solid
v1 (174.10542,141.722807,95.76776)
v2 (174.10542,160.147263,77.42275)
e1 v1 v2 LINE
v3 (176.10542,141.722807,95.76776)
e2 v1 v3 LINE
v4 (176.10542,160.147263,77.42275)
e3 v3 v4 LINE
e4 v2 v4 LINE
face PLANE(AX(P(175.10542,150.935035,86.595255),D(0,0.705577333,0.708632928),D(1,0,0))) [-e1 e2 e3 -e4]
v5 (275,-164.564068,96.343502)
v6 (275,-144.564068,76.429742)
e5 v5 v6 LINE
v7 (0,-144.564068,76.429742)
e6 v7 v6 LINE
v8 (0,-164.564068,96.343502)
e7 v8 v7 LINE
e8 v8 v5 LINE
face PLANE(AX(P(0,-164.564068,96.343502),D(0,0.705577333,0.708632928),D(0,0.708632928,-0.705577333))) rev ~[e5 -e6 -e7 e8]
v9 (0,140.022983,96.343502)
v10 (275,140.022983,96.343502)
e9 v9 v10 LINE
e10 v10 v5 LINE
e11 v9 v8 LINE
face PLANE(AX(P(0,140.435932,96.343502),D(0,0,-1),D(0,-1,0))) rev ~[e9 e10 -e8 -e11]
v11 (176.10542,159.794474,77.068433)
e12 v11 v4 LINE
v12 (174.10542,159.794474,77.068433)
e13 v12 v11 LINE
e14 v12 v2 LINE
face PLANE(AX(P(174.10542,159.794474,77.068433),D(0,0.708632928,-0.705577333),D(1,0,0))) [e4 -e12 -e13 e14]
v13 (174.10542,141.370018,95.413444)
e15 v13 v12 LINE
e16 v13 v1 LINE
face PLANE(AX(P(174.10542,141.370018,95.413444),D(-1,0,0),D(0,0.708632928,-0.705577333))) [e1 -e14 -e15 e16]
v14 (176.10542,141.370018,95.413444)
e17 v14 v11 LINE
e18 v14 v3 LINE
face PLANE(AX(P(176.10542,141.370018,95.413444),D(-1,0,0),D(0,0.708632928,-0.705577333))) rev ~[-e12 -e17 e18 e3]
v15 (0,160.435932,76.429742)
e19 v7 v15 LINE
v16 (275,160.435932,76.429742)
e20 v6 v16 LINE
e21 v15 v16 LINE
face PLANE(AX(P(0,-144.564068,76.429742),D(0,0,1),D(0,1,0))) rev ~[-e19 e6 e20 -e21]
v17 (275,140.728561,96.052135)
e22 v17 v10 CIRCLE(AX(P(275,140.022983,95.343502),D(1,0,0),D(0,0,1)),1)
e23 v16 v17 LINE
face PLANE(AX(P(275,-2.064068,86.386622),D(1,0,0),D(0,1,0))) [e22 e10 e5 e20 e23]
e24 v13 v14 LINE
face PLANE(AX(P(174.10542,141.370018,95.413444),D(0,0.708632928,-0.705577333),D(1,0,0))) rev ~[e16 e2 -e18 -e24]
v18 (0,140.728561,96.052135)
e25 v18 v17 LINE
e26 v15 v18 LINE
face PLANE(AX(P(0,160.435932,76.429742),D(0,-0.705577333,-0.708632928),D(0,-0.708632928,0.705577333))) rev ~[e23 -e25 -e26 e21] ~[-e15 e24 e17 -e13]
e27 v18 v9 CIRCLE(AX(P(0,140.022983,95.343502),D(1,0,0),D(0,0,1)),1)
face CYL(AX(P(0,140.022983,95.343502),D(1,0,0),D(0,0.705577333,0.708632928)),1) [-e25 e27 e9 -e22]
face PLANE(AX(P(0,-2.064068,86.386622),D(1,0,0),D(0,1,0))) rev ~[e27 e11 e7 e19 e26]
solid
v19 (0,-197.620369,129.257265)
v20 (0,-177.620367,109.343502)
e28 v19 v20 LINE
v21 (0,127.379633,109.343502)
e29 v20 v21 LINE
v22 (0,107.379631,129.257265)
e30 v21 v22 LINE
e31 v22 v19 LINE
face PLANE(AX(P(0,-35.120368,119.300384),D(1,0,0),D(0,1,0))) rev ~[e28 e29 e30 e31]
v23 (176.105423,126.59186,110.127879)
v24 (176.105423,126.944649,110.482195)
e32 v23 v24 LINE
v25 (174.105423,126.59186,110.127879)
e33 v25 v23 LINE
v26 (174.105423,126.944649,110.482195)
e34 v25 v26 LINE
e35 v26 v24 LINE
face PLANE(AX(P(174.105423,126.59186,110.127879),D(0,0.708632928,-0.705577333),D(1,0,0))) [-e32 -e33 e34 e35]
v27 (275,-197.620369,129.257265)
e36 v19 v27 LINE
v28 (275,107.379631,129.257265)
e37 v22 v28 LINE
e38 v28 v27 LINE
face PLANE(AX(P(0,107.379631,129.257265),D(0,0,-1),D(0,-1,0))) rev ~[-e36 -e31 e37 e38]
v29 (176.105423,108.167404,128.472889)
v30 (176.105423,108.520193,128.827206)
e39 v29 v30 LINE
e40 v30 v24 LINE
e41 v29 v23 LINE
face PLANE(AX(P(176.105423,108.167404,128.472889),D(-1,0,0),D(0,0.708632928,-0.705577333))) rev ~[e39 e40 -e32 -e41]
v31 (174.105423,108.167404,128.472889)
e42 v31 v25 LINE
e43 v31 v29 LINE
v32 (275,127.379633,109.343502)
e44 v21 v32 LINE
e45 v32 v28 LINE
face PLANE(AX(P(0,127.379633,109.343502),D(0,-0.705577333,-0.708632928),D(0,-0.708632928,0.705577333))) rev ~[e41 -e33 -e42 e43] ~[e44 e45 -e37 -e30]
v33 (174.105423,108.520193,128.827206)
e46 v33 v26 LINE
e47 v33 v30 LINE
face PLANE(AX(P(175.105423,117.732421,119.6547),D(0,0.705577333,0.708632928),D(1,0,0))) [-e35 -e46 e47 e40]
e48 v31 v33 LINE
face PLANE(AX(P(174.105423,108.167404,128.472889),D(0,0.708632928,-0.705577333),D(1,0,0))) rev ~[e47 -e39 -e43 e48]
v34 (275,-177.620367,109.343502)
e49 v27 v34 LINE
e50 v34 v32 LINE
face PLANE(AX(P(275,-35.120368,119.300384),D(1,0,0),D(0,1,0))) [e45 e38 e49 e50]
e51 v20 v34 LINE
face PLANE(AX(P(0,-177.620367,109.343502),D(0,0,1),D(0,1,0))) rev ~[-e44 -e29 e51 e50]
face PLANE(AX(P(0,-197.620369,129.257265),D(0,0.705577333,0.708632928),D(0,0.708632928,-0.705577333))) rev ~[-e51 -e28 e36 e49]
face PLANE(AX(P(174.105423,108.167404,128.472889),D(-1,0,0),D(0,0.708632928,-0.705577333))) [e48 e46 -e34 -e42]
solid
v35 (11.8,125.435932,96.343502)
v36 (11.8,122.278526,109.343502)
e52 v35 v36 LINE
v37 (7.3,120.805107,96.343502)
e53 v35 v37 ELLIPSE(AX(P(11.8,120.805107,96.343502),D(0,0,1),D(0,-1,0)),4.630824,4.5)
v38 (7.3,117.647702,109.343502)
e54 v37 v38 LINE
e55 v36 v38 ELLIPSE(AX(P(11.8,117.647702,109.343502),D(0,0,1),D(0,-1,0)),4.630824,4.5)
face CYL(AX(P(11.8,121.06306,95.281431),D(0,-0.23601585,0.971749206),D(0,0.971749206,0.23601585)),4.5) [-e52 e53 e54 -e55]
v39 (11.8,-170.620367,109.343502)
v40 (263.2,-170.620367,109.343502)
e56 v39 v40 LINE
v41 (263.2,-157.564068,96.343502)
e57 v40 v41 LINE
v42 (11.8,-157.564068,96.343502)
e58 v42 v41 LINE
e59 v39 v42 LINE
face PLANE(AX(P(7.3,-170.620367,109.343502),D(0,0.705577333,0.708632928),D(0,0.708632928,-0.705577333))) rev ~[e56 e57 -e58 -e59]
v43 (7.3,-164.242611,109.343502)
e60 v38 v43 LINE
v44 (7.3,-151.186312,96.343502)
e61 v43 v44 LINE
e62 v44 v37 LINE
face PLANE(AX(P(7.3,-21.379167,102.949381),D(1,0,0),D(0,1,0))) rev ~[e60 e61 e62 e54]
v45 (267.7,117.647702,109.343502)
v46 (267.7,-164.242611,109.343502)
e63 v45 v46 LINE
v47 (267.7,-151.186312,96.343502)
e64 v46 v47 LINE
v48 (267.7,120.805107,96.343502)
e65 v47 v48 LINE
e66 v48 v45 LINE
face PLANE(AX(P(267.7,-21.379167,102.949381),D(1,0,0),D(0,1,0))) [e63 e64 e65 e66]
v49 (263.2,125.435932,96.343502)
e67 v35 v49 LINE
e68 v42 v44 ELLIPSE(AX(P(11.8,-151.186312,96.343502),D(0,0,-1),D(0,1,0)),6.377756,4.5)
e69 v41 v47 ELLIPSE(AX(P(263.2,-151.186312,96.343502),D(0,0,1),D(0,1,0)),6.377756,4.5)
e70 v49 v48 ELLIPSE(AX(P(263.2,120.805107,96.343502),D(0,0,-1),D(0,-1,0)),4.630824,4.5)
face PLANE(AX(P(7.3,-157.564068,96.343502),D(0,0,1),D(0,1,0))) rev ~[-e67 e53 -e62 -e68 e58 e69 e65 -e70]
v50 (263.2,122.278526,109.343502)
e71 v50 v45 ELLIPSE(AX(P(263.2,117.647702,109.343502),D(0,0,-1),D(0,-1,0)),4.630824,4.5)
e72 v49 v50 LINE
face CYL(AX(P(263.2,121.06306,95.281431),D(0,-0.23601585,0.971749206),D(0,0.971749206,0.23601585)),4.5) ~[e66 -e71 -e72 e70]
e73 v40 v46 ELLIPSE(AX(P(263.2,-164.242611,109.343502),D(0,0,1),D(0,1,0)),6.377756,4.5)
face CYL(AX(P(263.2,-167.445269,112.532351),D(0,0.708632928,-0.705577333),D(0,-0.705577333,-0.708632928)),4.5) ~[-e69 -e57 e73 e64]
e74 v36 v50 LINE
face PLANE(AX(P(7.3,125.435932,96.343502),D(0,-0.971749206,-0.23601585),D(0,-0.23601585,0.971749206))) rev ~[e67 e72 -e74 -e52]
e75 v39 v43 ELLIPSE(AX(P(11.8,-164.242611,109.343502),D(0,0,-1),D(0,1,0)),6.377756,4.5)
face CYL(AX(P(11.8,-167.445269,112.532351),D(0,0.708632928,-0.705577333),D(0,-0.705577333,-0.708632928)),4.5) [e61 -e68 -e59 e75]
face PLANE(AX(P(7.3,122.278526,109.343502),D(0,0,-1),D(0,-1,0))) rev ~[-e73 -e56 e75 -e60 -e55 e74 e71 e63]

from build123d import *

# Parameters (mm, degrees)
F3_DEPTH  = 275
F4_START  = 7.3
F4_DEPTH  = 260.4
F5_DEPTH  = 275
F6_R      = 1
F7_R      = 4.5
F8_W      = 2
F8_H      = 26
F9_DEPTH  = 0.5
F11_W     = 2
F11_H     = 26
F12_DEPTH = 0.5


with BuildPart() as f3:
    # F0 (on Right) → F3 (new body)
    with BuildSketch(Plane.YZ):
        Polygon((-164.5640683174, 96.3435024023), (-144.5640683174, 76.4297415474), (160.4359316826, 76.4297415474), (140.4359316826, 96.3435024023), align=None)
    extrude(amount=F3_DEPTH)

    # F6
    f6_edges = [f3.edges().sort_by_distance(p)[0] for p in [
        (137.5, 140.435932, 96.343502),
    ]]
    fillet(f6_edges, radius=F6_R)

    # F11 (on face) → F12 (join)
    with BuildSketch(Plane(origin=(0, 118.0858376375, 118.5972237972), x_dir=(1, 0, 0), z_dir=(0, 0.7055773332, 0.7086329281))):
        with Locations((175.10542, 45.8578866332)):
            Rectangle(F11_W, F11_H)
    extrude(amount=F12_DEPTH)


with BuildPart() as f4:
    # F1 (on Right) → F4 (new body)
    with BuildSketch(Plane.YZ.offset(F4_START)):
        Polygon((-170.6203665172, 109.3435024023), (-157.5640683174, 96.3435024023), (125.4359316826, 96.3435024023), (122.2785264254, 109.3435024023), align=None)
    extrude(amount=F4_DEPTH)

    # F7
    f7_edges = [f4.edges().sort_by_distance(p)[0] for p in [
        (267.7, 123.857229, 102.843502),
        (7.3, 123.857229, 102.843502),
        (267.7, -164.092217, 102.843502),
        (7.3, -164.092217, 102.843502),
    ]]
    fillet(f7_edges, radius=F7_R)


with BuildPart() as f5:
    # F2 (on Right) → F5 (new body)
    with BuildSketch(Plane.YZ):
        Polygon((-197.6203687556, 129.257265486), (-177.6203665172, 109.3435024023), (127.3796334828, 109.3435024023), (107.3796312444, 129.257265486), align=None)
    extrude(amount=F5_DEPTH)

    # F8 (on face) → F9 (join)
    with BuildSketch(Plane(origin=(0, 118.0858376375, 118.5972237972), x_dir=(1, 0, 0), z_dir=(0, 0.7055773332, 0.7086329281))):
        with Locations((175.1054227352, -0.9965741724)):
            Rectangle(F8_W, F8_H)
    extrude(amount=F9_DEPTH)


solid = Compound([f3.part, f4.part, f5.part])
